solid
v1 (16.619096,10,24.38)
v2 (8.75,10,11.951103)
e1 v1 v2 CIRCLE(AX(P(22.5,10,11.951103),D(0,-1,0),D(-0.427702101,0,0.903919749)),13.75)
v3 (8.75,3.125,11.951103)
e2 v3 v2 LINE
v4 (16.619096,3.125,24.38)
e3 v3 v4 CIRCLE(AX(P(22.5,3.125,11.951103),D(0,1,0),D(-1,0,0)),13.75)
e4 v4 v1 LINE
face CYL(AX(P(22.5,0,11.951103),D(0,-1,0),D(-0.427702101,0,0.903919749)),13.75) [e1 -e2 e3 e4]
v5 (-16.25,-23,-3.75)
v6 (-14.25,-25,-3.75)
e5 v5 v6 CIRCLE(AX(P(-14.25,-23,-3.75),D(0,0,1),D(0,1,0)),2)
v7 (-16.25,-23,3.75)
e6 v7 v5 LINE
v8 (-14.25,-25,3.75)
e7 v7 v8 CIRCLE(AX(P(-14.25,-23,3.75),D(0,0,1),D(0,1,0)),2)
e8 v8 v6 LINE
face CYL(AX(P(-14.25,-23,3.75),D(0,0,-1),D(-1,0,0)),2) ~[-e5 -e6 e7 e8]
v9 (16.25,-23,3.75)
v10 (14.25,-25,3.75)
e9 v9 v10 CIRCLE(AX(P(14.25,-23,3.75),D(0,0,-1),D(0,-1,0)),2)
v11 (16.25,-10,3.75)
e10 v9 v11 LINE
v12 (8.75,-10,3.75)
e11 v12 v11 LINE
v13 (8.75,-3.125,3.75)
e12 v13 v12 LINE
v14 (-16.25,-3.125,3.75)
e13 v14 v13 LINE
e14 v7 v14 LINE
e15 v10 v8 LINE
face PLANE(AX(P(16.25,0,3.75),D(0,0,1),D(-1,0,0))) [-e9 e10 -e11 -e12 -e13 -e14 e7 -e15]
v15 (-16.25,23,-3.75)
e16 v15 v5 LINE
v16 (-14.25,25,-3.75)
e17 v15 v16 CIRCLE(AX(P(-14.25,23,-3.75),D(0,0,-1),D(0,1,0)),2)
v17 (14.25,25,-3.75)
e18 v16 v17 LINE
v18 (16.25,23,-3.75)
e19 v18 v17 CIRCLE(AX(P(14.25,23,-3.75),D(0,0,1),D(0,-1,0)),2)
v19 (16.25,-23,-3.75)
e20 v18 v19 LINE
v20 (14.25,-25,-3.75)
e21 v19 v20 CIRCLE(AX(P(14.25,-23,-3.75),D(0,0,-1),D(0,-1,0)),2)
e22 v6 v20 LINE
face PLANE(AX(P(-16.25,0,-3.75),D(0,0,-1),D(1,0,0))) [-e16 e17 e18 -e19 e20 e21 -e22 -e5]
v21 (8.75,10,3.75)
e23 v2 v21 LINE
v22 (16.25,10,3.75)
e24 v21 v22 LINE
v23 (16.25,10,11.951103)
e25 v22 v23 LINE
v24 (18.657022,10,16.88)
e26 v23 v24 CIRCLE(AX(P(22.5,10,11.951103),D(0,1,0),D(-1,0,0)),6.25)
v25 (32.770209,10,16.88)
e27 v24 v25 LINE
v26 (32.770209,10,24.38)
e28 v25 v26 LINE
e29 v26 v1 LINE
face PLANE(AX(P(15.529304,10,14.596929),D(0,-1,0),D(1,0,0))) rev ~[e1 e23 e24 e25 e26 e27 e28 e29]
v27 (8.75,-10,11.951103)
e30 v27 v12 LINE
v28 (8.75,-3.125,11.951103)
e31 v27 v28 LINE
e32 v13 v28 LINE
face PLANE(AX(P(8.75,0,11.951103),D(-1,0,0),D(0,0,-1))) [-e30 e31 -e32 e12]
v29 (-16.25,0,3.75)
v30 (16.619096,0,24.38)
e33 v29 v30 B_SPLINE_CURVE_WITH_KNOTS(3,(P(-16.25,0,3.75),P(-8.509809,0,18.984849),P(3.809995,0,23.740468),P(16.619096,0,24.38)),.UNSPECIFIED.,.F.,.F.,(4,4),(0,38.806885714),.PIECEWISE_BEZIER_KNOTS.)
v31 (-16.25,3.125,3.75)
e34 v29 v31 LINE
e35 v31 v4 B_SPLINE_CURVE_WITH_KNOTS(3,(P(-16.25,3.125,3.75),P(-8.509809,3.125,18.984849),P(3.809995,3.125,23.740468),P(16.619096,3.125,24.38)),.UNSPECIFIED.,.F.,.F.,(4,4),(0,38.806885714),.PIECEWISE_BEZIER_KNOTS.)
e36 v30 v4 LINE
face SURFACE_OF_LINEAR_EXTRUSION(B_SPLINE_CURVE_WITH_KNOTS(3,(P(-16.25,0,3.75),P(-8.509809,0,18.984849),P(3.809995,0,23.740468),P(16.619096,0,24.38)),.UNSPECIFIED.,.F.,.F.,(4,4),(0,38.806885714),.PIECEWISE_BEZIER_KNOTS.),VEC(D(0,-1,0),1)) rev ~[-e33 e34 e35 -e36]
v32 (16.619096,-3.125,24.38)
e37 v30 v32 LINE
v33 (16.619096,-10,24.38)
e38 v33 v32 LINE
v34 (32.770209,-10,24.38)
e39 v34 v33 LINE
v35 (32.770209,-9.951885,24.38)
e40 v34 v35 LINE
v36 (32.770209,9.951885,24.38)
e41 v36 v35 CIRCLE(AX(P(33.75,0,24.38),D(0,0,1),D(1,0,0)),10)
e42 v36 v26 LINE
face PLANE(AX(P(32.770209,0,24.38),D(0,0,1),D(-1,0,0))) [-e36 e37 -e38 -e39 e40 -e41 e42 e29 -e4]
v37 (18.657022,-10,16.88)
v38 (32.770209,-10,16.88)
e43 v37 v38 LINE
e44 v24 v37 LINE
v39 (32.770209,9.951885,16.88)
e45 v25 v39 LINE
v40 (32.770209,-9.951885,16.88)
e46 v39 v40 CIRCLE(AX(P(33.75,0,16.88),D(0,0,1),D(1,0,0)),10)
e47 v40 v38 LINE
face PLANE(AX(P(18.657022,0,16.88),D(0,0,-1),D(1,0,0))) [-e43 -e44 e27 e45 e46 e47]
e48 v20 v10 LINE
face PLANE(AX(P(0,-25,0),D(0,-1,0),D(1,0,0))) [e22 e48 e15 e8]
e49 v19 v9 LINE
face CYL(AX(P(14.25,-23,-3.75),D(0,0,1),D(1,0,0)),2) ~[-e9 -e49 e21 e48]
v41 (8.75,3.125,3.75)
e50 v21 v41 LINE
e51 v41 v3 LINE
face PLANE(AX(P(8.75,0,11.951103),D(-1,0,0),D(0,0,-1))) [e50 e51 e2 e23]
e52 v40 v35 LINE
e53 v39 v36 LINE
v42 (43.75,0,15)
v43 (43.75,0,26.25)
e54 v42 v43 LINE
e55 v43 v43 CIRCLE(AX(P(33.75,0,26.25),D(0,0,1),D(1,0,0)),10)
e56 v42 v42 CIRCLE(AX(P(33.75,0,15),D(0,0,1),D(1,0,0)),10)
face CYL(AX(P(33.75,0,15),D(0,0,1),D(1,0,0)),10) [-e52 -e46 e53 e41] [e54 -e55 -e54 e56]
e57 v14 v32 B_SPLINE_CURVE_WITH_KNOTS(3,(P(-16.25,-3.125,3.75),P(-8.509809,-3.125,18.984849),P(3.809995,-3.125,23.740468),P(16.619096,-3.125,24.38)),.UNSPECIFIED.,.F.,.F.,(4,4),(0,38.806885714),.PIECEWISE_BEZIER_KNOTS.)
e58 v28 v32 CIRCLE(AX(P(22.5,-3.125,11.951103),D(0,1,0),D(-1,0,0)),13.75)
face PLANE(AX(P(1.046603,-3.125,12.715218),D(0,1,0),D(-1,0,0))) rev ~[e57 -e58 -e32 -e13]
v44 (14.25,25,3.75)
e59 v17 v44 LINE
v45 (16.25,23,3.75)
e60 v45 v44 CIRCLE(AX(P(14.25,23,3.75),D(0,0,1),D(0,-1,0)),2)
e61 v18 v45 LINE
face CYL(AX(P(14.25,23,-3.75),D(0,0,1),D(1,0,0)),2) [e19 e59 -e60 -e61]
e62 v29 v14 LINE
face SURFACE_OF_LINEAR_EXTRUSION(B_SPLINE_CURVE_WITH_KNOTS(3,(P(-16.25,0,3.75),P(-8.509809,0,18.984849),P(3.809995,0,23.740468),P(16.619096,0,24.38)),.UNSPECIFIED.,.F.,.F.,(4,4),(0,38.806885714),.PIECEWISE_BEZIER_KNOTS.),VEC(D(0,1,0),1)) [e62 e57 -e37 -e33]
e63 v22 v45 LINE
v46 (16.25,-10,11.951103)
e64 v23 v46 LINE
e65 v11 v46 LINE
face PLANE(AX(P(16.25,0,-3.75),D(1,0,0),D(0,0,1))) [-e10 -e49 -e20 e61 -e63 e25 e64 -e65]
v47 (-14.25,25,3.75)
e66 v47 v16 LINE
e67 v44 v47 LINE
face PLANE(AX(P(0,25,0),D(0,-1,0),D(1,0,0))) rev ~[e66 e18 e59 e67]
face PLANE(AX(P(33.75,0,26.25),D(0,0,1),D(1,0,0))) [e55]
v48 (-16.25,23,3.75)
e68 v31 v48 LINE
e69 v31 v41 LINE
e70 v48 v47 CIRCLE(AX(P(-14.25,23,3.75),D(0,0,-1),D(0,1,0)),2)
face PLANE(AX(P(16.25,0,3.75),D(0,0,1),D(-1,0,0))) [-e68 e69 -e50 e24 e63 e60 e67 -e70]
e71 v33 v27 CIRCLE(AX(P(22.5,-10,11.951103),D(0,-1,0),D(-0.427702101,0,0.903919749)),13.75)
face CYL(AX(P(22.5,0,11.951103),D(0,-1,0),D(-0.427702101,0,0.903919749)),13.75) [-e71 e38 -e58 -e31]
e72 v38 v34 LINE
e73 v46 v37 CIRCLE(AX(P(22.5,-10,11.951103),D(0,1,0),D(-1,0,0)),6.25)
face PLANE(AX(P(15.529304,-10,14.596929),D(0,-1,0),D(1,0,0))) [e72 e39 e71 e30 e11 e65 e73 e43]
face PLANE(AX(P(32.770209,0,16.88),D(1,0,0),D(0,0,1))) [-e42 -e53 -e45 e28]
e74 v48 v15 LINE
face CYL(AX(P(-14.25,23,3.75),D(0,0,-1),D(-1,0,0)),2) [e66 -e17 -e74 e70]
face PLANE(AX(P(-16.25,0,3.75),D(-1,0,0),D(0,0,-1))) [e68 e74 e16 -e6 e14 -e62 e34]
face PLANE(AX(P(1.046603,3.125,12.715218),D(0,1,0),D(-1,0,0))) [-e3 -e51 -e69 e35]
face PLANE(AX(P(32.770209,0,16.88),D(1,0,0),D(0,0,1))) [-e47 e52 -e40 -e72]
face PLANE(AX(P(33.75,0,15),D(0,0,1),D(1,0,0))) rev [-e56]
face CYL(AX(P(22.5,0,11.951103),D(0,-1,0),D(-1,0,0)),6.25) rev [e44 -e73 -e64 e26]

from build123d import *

# Parameters (mm, degrees)
F1_DEPTH = 25
F0_W     = 9.020209058
F0_H     = 7.5
F2_DEPTH = 10
F3_DEPTH = 3.125
F5_R     = 2


with BuildPart() as f1:
    # F0 (on Front) → F1 (new body, symmetric)
    with BuildSketch(Plane.XZ):
        Polygon((8.75, 3.75), (-16.25, 3.75), (-16.25, -3.75), (16.25, -3.75), (16.25, 3.75), align=None)
    extrude(amount=F1_DEPTH, both=True)

    # F0 (on Front) → F2 (join, symmetric)
    with BuildSketch(Plane.XZ):
        with BuildLine():
            Line((8.75, 11.9511034528), (8.75, 3.75))
            Line((8.75, 3.75), (16.25, 3.75))
            Line((16.25, 3.75), (16.25, 11.9511034528))
            ThreePointArc((16.25, 11.9511034528), (16.8839020833, 14.6937197566), (18.6570221407, 16.88))
            Line((18.6570221407, 16.88), (23.75, 16.88))
            Line((23.75, 16.88), (23.75, 24.38))
            Line((23.75, 24.38), (16.6190961053, 24.38))
            ThreePointArc((16.6190961053, 24.38), (10.8826653541, 19.3063761006), (8.75, 11.9511034528))
        make_face()
        with Locations((28.260104529, 20.63)):
            Rectangle(F0_W, F0_H)
    extrude(amount=F2_DEPTH, both=True)

    # F0 (on Front) → F3 (join, symmetric)
    with BuildSketch(Plane.XZ):
        with BuildLine():
            add(Edge.make_bspline(
                [(-16.25, 3.75), (-8.5098091513, 18.9848486334), (3.8099950824, 23.7404676708), (16.6190961053, 24.38)],
                knots=[0, 0, 0, 0, 38.8068857135, 38.8068857135, 38.8068857135, 38.8068857135], degree=3))
            Line((-16.25, 3.75), (8.75, 3.75))
            Line((8.75, 3.75), (8.75, 11.9511034528))
            ThreePointArc((8.75, 11.9511034528), (10.8826653541, 19.3063761006), (16.6190961053, 24.38))
        make_face()
    extrude(amount=F3_DEPTH, both=True)

    # F0 (on Front) → F4 (revolve)
    with BuildSketch(Plane.XZ):
        Polygon((43.75, 26.25), (33.75, 26.25), (33.75, 24.38), (33.75, 20.625), (33.75, 16.88), (33.75, 15), (43.75, 15), align=None)
    revolve(axis=Axis((33.75, 0, 23.4375), (0, 0, 1)))

    # F5
    f5_edges = [f1.edges().sort_by_distance(p)[0] for p in [
        (-16.25, 25, 0),
        (-16.25, -25, 0),
        (16.25, -25, 0),
        (16.25, 25, 0),
    ]]
    fillet(f5_edges, radius=F5_R)


solid = f1.part
